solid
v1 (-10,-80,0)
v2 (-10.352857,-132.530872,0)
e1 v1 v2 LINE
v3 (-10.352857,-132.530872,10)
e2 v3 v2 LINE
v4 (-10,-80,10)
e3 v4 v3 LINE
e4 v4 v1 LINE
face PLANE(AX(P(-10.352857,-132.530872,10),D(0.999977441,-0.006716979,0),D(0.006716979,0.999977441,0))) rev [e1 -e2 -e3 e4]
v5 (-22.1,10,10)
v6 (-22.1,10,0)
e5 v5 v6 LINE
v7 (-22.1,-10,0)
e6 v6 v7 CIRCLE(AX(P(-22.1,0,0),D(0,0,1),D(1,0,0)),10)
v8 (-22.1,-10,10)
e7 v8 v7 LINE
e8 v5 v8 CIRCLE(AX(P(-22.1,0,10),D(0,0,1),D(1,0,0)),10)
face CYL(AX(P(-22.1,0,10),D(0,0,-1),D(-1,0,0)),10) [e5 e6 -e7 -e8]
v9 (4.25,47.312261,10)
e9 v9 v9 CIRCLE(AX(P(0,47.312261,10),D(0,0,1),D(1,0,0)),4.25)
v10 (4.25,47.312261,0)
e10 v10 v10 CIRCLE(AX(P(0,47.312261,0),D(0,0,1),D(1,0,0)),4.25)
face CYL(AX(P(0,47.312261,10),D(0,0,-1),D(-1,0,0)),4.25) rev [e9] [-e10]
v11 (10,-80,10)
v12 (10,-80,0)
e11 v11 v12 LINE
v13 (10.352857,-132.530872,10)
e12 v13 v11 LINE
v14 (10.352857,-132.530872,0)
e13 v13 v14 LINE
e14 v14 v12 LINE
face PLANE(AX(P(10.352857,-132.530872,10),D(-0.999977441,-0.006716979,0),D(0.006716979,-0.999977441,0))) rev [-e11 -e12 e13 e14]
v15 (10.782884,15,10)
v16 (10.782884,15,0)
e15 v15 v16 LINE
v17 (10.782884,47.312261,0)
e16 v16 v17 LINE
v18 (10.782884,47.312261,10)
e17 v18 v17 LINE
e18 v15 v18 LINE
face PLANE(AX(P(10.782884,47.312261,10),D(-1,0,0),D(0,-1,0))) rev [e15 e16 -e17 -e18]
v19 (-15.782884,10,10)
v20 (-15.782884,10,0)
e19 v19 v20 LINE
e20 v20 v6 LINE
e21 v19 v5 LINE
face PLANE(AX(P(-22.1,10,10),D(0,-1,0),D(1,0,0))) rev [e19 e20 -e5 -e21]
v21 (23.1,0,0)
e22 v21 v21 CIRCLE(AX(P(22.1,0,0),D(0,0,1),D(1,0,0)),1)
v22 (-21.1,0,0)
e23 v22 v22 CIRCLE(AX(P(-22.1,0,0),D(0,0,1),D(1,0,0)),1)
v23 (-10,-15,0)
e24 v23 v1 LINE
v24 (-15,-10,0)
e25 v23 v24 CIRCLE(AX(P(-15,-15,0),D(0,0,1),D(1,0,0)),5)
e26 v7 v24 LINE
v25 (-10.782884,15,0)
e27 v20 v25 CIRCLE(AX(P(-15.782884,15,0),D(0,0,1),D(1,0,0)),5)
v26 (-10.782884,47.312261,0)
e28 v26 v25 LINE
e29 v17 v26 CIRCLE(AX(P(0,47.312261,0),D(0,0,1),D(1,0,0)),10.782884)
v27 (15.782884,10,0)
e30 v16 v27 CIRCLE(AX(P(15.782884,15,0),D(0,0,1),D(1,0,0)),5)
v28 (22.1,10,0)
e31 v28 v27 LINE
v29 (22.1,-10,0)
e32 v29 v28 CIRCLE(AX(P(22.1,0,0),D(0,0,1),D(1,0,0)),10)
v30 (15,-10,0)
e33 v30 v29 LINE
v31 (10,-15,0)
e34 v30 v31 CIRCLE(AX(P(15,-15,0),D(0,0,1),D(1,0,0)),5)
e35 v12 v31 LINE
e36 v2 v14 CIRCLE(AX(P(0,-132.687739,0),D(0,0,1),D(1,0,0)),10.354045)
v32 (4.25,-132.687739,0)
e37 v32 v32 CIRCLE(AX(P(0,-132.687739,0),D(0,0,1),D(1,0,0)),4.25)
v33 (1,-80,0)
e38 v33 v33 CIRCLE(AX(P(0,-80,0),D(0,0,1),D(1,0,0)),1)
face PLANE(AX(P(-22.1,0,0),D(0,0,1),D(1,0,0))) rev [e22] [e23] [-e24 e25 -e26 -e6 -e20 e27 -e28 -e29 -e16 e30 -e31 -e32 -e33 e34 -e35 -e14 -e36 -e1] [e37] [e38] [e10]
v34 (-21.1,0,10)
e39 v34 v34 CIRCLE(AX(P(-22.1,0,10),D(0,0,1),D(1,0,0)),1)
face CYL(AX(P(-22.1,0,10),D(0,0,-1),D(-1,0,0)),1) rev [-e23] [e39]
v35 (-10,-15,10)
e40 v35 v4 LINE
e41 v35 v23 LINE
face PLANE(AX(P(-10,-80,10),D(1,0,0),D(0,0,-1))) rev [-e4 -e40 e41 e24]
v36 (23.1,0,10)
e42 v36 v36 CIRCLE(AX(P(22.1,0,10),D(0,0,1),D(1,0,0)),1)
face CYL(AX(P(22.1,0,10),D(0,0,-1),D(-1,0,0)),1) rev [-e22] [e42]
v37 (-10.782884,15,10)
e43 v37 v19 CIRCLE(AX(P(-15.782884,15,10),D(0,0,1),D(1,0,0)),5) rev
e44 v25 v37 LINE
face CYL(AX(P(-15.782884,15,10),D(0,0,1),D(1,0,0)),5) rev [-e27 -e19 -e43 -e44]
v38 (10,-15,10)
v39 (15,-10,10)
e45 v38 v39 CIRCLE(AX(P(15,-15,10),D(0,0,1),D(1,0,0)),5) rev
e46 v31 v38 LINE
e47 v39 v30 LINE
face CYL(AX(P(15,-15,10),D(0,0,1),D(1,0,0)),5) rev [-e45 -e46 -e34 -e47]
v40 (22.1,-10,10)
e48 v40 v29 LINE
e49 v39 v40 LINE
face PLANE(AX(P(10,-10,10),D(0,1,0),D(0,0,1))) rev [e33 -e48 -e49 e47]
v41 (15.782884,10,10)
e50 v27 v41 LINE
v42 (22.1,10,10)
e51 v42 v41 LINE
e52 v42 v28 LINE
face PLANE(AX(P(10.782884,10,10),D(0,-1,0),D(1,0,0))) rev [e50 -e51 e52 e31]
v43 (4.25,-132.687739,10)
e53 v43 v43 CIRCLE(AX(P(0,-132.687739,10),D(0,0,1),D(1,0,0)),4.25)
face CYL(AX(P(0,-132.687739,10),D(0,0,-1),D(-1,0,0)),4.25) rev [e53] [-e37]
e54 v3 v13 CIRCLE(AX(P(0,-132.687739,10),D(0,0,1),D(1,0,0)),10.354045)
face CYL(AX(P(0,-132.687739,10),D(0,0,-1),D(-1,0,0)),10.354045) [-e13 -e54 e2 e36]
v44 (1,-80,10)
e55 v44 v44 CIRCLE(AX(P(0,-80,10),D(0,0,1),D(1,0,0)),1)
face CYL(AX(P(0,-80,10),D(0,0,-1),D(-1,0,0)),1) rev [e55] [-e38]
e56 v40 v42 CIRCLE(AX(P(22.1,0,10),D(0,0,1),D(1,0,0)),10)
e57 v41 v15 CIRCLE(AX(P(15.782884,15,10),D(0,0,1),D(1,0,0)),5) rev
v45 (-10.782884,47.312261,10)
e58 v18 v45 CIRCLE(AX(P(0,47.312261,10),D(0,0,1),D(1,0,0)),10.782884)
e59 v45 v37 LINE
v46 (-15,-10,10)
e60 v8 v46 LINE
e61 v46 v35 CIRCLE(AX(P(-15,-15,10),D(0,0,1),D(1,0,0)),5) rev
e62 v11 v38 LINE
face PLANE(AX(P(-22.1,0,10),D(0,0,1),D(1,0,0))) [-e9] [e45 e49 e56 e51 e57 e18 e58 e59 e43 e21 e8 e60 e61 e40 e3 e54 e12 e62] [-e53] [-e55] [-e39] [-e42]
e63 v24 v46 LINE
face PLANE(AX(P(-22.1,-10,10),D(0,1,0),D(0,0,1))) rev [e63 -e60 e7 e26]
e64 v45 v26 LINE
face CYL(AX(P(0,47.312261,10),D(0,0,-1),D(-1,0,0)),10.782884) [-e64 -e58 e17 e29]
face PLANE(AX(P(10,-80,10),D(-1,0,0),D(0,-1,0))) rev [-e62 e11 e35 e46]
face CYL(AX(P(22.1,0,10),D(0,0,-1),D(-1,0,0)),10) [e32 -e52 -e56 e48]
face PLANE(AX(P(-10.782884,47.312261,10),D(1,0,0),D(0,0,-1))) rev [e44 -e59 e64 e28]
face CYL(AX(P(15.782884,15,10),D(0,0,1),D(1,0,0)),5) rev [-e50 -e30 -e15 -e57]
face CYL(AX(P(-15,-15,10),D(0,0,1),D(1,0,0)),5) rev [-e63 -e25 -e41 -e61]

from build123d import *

# Parameters (mm, degrees)
SKETCH1_R           = 1
SKETCH1_R_2         = 4.25
BOSS_EXTRUDE1_DEPTH = 10
FILLET1_R           = 5


with BuildPart() as part:
    # Sketch1 → Boss-Extrude1 (new body)
    with BuildSketch(Plane.XY):
        with BuildLine():
            Line((-22.1, 10), (-10.782884141, 10))
            Line((-10.782884141, 10), (-10.782884141, 47.312260738))
            ThreePointArc((-10.782884141, 47.312260738), (0, 58.095144879), (10.782884141, 47.312260738))
            Line((10.782884141, 47.312260738), (10.782884141, 10))
            Line((10.782884141, 10), (22.1, 10))
            ThreePointArc((22.1, 10), (32.1, 0), (22.1, -10))
            Line((22.1, -10), (10, -10))
            Line((10, -10), (10, -80))
            Line((10, -80), (10.352856736, -132.530872001))
            ThreePointArc((10.352856736, -132.530872001), (0, -143.041784363), (-10.352856736, -132.530872001))
            Line((-10.352856736, -132.530872001), (-10, -80))
            Line((-10, -80), (-10, -10))
            Line((-10, -10), (-22.1, -10))
            ThreePointArc((-22.1, -10), (-32.1, 0), (-22.1, 10))
        make_face()
        with Locations((-22.1, 0)):
            Circle(SKETCH1_R, mode=Mode.SUBTRACT)
        with Locations((22.1, 0)):
            Circle(SKETCH1_R, mode=Mode.SUBTRACT)
        with Locations((0, -80)):
            Circle(SKETCH1_R, mode=Mode.SUBTRACT)
        with Locations((0, 47.312260738)):
            Circle(SKETCH1_R_2, mode=Mode.SUBTRACT)
        with Locations((0, -132.687739262)):
            Circle(SKETCH1_R_2, mode=Mode.SUBTRACT)
    extrude(amount=BOSS_EXTRUDE1_DEPTH)

    # Fillet1
    fillet1_edges = [part.edges().sort_by_distance(p)[0] for p in [
        (-10.782884141, 10, 5),
        (10.782884141, 10, 5),
        (10, -10, 5),
        (-10, -10, 5),
    ]]
    fillet(fillet1_edges, radius=FILLET1_R)


solid = part.part
